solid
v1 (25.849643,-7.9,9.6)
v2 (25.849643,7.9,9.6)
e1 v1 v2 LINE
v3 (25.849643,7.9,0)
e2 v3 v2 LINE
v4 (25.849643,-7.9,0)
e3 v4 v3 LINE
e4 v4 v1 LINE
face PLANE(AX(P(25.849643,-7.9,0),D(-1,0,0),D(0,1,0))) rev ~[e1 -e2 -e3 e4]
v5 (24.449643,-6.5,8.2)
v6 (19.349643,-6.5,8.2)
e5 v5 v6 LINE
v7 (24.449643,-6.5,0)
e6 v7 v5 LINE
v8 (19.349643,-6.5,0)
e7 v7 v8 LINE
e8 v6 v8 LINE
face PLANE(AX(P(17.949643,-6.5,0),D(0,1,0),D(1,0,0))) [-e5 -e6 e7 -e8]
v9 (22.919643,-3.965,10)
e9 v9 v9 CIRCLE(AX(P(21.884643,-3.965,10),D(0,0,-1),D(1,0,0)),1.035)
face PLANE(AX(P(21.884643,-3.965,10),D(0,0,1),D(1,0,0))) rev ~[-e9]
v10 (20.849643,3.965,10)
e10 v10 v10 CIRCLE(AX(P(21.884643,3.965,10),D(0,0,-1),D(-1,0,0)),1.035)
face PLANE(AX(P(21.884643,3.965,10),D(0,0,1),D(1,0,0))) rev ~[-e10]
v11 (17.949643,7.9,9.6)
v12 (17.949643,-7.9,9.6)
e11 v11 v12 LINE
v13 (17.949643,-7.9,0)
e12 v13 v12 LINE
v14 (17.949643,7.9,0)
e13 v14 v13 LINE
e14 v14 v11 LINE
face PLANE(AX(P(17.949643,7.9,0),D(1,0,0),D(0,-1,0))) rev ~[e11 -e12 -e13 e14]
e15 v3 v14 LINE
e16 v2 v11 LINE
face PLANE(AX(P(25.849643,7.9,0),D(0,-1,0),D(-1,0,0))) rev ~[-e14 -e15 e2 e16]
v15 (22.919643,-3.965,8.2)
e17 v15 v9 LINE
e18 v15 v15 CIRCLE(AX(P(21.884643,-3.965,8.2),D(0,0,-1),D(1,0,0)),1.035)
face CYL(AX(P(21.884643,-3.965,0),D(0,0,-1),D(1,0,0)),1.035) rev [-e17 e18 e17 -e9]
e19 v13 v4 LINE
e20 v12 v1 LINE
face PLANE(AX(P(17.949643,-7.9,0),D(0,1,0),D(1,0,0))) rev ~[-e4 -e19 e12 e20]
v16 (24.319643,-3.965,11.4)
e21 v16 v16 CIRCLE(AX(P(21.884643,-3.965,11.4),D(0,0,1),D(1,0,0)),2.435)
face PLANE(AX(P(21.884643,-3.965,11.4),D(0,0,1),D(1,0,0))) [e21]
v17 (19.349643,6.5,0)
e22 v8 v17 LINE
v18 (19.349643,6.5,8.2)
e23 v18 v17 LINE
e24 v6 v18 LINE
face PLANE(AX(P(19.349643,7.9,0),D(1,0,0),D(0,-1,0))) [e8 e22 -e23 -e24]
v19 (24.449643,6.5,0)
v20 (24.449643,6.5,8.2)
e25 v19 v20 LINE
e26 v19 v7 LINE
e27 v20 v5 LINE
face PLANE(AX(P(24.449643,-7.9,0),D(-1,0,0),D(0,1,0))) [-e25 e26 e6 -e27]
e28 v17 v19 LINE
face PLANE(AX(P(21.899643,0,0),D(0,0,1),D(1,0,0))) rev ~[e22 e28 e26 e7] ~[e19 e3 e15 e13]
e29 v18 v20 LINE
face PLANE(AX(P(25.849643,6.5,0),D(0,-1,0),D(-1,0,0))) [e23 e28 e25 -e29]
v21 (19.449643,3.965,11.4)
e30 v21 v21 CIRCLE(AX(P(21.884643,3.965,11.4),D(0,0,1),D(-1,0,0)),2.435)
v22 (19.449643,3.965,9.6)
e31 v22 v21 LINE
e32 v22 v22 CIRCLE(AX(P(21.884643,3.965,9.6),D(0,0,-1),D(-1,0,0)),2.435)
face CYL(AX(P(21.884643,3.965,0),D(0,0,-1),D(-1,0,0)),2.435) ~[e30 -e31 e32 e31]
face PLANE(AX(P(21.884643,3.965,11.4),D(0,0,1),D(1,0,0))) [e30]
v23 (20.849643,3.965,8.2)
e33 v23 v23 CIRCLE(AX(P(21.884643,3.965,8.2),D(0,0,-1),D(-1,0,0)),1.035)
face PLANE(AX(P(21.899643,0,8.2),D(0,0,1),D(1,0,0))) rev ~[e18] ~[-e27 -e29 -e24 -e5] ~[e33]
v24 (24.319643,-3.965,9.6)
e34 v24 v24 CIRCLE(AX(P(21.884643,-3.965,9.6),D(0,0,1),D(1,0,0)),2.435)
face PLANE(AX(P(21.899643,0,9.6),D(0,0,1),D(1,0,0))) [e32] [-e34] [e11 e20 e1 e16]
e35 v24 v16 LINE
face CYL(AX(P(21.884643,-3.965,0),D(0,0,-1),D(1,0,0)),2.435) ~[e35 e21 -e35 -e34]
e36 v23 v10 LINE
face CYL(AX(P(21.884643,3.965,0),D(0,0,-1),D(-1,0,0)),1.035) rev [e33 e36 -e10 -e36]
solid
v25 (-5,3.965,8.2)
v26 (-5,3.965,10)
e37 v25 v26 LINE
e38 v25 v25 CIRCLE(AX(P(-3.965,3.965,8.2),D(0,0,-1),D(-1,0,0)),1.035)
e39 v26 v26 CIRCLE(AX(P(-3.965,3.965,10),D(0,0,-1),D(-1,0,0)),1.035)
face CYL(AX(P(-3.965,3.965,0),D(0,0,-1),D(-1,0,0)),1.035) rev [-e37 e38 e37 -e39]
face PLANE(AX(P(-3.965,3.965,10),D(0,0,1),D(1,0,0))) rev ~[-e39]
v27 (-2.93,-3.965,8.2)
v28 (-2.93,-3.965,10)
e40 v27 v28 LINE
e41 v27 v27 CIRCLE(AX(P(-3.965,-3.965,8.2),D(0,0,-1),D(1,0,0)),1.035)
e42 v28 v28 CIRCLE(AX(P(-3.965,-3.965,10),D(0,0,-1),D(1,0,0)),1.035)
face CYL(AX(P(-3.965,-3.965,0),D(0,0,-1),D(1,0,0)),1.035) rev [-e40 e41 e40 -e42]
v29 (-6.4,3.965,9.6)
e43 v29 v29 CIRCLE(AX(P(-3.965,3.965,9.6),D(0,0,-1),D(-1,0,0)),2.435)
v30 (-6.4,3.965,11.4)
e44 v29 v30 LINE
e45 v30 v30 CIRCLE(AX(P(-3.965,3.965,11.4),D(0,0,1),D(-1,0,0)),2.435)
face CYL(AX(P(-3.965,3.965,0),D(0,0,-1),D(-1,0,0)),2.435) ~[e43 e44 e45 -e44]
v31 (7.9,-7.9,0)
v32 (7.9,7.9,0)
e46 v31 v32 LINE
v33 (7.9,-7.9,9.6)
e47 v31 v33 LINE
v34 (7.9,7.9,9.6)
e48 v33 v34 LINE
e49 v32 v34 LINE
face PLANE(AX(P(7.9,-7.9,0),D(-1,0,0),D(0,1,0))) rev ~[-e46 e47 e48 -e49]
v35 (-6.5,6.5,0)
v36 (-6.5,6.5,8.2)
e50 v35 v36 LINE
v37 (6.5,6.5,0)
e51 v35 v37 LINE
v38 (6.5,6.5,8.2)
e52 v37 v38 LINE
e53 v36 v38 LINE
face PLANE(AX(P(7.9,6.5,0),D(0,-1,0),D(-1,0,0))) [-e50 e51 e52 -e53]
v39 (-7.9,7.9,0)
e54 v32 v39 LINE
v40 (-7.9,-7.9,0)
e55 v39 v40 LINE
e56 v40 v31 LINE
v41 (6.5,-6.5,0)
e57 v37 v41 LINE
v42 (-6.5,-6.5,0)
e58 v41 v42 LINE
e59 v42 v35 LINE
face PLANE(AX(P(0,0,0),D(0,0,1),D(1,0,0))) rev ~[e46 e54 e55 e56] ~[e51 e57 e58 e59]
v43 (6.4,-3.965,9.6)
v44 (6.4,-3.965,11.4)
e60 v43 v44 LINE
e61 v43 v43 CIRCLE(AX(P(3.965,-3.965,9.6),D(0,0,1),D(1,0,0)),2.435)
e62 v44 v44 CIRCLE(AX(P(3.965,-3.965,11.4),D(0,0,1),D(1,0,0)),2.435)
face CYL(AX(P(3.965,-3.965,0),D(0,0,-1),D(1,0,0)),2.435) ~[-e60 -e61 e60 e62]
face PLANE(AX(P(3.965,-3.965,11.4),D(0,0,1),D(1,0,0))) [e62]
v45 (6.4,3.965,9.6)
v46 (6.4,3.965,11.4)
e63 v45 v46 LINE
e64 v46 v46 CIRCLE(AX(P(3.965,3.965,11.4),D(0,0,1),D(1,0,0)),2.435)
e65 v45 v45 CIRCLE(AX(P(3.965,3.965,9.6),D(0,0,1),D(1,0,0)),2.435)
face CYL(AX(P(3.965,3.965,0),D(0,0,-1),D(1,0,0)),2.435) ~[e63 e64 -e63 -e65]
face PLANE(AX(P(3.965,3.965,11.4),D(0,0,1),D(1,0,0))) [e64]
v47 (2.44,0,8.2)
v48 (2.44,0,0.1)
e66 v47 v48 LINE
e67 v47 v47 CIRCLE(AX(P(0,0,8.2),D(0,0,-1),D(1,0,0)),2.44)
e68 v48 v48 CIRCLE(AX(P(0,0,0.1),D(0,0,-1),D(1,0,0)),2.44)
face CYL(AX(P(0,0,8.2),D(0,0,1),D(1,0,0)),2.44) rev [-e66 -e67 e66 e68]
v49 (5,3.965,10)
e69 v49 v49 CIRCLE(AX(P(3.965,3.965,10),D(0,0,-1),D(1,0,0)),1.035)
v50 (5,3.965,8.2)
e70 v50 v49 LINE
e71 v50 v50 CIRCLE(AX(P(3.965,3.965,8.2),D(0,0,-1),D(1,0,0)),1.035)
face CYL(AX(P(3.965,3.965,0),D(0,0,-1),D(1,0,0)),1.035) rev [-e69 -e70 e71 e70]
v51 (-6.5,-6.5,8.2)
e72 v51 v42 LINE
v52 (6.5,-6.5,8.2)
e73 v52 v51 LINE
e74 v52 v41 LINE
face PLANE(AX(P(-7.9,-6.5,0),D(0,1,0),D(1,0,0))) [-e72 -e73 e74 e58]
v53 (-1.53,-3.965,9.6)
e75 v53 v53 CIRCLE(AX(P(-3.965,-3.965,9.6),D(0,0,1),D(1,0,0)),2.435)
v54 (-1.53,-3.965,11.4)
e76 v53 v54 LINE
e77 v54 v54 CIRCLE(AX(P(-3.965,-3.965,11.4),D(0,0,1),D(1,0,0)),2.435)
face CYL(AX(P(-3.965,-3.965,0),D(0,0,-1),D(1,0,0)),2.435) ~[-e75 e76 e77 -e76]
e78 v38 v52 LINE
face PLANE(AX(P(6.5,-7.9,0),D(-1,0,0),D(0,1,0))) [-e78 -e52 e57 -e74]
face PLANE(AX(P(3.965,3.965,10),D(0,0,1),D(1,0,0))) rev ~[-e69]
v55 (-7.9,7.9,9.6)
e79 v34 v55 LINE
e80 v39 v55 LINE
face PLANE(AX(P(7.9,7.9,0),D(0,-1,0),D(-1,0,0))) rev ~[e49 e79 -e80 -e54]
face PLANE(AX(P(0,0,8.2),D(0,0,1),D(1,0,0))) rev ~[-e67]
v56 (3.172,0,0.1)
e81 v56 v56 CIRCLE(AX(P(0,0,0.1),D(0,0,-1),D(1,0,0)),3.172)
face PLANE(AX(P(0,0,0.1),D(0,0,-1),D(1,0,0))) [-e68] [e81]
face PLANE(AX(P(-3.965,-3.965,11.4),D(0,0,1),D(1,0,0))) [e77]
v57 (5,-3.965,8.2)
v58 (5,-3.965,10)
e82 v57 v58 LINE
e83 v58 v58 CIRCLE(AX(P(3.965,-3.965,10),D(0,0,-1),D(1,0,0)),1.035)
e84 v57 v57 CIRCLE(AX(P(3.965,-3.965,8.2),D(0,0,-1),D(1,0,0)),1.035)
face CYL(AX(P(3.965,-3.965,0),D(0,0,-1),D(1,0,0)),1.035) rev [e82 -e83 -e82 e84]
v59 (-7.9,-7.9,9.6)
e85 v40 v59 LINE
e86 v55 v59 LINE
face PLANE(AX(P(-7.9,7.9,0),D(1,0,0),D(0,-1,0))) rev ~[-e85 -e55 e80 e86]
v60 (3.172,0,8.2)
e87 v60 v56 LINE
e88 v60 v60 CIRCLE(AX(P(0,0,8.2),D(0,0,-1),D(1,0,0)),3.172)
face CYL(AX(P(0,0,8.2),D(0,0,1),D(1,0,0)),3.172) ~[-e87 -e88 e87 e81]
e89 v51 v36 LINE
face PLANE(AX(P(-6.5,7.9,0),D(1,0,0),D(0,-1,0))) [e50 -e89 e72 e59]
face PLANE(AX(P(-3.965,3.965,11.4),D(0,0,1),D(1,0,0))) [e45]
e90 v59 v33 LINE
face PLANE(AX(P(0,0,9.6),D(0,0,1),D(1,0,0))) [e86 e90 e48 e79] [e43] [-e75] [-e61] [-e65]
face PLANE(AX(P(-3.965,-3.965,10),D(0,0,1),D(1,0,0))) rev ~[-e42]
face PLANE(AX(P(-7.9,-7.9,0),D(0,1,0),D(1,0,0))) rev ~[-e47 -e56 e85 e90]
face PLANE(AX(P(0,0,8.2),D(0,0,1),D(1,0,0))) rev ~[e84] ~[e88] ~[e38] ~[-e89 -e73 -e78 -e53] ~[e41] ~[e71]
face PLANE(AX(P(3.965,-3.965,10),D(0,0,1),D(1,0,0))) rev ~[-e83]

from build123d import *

# Parameters (mm, degrees)
F0_R     = 2.435
F1_DEPTH = 9.6
F2_DEPTH = 11.4
F3_DEPTH = 9.6
F4_DEPTH = 11.4
F5_T     = -1.4
F5_2_T   = -1.4
F6_R     = 3.172
F6_R_2   = 2.44
F7_DEPTH = 8.1


with BuildPart() as f1:
    # F0 (on Top) → F1 (new body)
    with BuildSketch(Plane.XY):
        Polygon((7.9, -7.9), (7.9, 7.9), (0, 7.9), (-7.9, 7.9), (-7.9, 3.965), (-7.9, -7.9), align=None)
        with Locations((-3.965, -3.965)):
            Circle(F0_R, mode=Mode.SUBTRACT)
        with Locations((3.965, -3.965)):
            Circle(F0_R, mode=Mode.SUBTRACT)
        with BuildLine():
            ThreePointArc((-1.53, 3.965), (-3.965, 1.53), (-6.4, 3.965))
            ThreePointArc((-6.4, 3.965), (-3.965, 6.4), (-1.53, 3.965))
        make_face(mode=Mode.SUBTRACT)
        with Locations((3.965, 3.965)):
            Circle(F0_R, mode=Mode.SUBTRACT)
    extrude(amount=F1_DEPTH)

    # F0 (on Top) → F2 (join)
    with BuildSketch(Plane.XY):
        with BuildLine():
            ThreePointArc((-1.53, 3.965), (-3.965, 6.4), (-6.4, 3.965))
            ThreePointArc((-6.4, 3.965), (-3.965, 1.53), (-1.53, 3.965))
        make_face()
        with Locations((3.965, 3.965)):
            Circle(F0_R)
        with Locations((-3.965, -3.965)):
            Circle(F0_R)
        with Locations((3.965, -3.965)):
            Circle(F0_R)
    extrude(amount=F2_DEPTH)

    # F5
    f5_openings = [f1.faces().sort_by_distance(p)[0] for p in [
        (0, 0, 0),
    ]]
    offset(amount=F5_T, openings=f5_openings, kind=Kind.INTERSECTION)

    # F6 (on face) → F7 (join)
    with BuildSketch(Plane(origin=(0, 0, 8.2), x_dir=(1, 0, 0), z_dir=(0, 0, -1))):
        Circle(F6_R)
        Circle(F6_R_2, mode=Mode.SUBTRACT)
    extrude(amount=F7_DEPTH)


with BuildPart() as f3:
    # F0 (on Top) → F3 (new body)
    with BuildSketch(Plane.XY):
        Polygon((17.9496426135, 3.965), (17.9496426135, -7.9), (25.8496426135, -7.9), (25.8496426135, 7.9), (17.9496426135, 7.9), align=None)
        with Locations((21.8846426135, -3.965)):
            Circle(F0_R, mode=Mode.SUBTRACT)
        with BuildLine():
            ThreePointArc((24.3196426135, 3.965), (21.8846426135, 1.53), (19.4496426135, 3.965))
            ThreePointArc((19.4496426135, 3.965), (21.8846426135, 6.4), (24.3196426135, 3.965))
        make_face(mode=Mode.SUBTRACT)
    extrude(amount=F3_DEPTH)

    # F0 (on Top) → F4 (join)
    with BuildSketch(Plane.XY):
        with BuildLine():
            ThreePointArc((24.3196426135, 3.965), (21.8846426135, 6.4), (19.4496426135, 3.965))
            ThreePointArc((19.4496426135, 3.965), (21.8846426135, 1.53), (24.3196426135, 3.965))
        make_face()
        with Locations((21.8846426135, -3.965)):
            Circle(F0_R)
    extrude(amount=F4_DEPTH)

    # F5#2
    f5_2_openings = [f3.faces().sort_by_distance(p)[0] for p in [
        (21.899643, 0, 0),
    ]]
    offset(amount=F5_2_T, openings=f5_2_openings, kind=Kind.INTERSECTION)


solid = Compound([f1.part, f3.part])
